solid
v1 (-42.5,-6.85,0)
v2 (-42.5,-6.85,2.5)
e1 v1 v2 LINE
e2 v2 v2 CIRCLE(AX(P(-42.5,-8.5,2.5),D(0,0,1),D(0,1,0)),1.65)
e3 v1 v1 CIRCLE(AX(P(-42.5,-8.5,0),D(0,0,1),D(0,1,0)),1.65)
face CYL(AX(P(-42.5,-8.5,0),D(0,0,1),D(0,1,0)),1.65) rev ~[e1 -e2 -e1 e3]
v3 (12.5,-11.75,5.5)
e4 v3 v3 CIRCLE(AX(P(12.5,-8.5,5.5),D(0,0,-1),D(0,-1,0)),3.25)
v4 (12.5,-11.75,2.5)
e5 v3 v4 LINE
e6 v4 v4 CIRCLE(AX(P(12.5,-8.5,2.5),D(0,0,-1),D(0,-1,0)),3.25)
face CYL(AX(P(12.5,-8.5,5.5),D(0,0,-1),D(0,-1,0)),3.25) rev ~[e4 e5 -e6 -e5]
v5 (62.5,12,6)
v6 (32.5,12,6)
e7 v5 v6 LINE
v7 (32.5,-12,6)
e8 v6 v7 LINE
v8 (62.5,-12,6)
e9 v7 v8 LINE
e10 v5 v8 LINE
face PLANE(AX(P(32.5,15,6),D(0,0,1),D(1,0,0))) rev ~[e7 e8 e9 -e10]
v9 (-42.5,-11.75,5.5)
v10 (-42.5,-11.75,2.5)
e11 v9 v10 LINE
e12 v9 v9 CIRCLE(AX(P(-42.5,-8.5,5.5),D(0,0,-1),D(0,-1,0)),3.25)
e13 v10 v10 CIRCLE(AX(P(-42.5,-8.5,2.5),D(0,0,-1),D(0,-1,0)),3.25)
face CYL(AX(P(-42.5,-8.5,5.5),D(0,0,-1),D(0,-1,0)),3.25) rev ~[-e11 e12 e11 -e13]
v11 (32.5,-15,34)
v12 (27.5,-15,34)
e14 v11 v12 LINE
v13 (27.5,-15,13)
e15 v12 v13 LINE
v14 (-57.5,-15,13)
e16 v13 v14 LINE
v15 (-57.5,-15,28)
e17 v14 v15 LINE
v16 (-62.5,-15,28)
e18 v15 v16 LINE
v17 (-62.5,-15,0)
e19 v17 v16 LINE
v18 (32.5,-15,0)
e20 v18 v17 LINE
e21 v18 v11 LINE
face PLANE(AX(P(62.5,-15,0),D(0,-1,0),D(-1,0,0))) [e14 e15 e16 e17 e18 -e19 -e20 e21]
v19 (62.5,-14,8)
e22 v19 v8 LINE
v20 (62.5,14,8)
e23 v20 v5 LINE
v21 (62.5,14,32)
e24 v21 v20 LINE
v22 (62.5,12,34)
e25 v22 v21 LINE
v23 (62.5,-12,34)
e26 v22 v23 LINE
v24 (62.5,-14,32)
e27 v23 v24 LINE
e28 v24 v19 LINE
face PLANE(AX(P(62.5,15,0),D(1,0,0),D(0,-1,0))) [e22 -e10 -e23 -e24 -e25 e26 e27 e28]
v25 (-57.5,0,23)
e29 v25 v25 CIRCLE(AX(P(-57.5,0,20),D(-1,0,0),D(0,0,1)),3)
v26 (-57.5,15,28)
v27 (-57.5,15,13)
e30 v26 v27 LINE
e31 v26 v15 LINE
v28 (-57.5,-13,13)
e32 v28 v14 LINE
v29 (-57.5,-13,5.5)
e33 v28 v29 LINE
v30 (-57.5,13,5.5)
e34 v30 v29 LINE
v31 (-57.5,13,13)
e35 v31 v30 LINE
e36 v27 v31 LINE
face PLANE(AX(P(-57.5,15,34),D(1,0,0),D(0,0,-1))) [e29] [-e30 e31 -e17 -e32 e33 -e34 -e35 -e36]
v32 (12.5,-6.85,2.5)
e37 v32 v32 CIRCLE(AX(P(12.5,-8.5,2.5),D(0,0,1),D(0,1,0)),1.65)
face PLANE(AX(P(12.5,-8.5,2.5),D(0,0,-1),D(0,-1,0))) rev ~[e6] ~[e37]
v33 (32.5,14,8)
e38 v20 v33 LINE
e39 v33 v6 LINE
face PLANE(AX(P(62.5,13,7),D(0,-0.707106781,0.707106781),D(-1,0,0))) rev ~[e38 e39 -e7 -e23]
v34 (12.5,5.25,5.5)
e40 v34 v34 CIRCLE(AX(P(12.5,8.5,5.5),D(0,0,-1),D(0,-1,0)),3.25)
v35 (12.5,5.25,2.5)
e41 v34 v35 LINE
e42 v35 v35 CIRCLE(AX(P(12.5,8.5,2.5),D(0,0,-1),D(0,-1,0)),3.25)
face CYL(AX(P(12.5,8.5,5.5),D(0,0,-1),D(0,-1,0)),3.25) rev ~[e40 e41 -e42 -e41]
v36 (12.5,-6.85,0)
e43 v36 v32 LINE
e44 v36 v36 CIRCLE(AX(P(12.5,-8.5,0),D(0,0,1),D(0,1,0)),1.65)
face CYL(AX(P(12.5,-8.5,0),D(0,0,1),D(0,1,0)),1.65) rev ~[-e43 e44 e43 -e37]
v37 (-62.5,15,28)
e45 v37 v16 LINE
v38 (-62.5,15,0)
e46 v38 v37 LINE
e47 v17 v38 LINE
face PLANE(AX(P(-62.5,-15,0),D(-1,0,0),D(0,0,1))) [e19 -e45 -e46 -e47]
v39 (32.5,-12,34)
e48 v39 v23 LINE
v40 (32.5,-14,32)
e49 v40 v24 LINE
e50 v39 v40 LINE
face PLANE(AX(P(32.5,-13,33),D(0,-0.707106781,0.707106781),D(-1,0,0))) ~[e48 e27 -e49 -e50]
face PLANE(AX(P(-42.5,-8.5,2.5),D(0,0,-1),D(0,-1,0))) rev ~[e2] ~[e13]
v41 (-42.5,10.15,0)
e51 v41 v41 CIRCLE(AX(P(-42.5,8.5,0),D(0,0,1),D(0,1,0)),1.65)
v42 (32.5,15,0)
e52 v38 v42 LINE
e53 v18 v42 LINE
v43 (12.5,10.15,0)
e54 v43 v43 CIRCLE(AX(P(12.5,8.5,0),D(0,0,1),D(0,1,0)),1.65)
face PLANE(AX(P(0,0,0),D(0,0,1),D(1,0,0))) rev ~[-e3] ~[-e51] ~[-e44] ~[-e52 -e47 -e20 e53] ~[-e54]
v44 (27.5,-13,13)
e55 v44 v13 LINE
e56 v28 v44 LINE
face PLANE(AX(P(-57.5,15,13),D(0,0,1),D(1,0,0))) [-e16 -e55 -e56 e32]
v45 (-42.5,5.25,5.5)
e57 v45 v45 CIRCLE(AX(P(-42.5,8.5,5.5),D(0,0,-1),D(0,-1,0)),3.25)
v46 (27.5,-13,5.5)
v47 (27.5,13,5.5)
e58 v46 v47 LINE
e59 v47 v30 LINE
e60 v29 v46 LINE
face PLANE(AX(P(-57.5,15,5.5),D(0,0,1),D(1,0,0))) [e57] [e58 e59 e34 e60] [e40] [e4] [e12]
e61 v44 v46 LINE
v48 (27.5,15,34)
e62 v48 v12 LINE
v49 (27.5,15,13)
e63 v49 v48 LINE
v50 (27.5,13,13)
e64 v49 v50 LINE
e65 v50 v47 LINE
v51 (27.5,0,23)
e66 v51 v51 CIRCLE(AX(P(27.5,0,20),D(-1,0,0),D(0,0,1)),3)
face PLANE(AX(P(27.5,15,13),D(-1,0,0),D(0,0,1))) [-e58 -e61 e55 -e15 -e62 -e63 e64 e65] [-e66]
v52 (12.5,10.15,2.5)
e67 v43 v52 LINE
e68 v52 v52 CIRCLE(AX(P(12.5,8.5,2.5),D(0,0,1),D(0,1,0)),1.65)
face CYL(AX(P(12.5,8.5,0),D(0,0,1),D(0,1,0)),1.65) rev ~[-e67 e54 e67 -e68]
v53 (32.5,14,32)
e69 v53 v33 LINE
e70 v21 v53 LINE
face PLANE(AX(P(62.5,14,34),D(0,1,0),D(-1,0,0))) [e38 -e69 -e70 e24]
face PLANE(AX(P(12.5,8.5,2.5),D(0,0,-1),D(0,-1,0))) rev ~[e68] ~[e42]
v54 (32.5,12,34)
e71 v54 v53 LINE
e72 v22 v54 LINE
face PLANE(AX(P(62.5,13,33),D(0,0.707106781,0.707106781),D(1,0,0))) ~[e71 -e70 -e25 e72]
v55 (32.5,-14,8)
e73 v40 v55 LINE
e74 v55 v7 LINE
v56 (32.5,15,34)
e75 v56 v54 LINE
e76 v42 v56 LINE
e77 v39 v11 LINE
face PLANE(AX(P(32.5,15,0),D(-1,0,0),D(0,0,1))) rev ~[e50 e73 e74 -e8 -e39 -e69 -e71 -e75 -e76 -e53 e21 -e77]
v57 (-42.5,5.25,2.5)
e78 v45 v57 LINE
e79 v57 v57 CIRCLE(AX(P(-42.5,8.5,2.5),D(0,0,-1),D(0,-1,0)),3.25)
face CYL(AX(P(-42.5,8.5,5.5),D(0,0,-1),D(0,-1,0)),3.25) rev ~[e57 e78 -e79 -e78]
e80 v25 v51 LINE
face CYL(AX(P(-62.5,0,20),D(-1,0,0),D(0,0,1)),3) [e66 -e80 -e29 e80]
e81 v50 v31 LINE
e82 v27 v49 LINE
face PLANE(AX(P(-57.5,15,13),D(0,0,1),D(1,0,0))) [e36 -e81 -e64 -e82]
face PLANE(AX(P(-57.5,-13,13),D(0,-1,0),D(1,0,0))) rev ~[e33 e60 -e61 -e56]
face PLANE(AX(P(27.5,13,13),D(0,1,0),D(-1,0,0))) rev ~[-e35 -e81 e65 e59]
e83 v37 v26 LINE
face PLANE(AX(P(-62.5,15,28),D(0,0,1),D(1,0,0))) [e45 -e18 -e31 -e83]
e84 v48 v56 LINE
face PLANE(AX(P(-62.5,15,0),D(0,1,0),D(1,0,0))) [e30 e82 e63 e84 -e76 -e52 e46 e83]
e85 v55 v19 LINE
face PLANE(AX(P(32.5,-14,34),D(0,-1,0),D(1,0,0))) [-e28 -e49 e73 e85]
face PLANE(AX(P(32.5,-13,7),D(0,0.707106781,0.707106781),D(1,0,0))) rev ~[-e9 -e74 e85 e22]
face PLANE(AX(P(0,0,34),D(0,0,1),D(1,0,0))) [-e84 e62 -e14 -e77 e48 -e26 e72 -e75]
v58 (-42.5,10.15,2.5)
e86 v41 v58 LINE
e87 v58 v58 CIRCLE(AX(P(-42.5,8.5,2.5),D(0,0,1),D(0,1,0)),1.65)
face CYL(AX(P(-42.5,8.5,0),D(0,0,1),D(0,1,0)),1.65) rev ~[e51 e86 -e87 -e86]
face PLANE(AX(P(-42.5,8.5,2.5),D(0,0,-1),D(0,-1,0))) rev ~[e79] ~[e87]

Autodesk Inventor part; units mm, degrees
ref_plane "YZ Plane" through (0, 0, 0) normal (1, 0, 0) x (0, 1, 0)
ref_plane "XZ Plane" through (0, 0, 0) normal (0, 1, 0) x (-1, 0, 0)
ref_plane "XY Plane" through (0, 0, 0) normal (0, 0, 1) x (1, 0, 0)
sketch "スケッチ1" plane through (0, 0, 0) normal (0, 0, 1) x (1, 0, 0)
  line L0 (62.5, -15) -> (-62.5, -15)
  line L1 (-62.5, -15) -> (-62.5, 15)
  line L2 (-62.5, 15) -> (62.5, 15)
  line L3 (62.5, 15) -> (62.5, -15)
  line L4 (62.5, -15) -> (-62.5, 15) construction
  line L5 (-62.5, -15) -> (62.5, 15) construction
  point P0 (0, 0)
  dimension "d0" = 30
  dimension "d1" = 125
extrude "押し出し1" add sketch "スケッチ1" along normal blind 34
sketch "スケッチ2" plane through (-62.5, 15, 0) normal (0, 1, 0) x (1, 0, 0)
  line L0 (125, 0) -> (95, 0)
  line L1 (95, 0) -> (95, -6)
  line L2 (95, -6) -> (125, -6)
  line L3 (125, -6) -> (125, 0)
  point P0 (62.5, 0)
  dimension "d4" = 30
  dimension "d5" = 6
extrude "押し出し2" cut sketch "スケッチ2" against normal blind 34
sketch "スケッチ3" plane through (-62.5, 15, 34) normal (0, 1, 0) x (1, 0, 0)
  line L0 (0, 0) -> (125, 0) projected
  line L1 (90, 0) -> (5, 0)
  line L2 (5, 0) -> (5, 21)
  line L3 (5, 21) -> (90, 21)
  line L4 (90, 21) -> (90, 0)
  line L5 (0, 34) -> (0, 0) projected
  line L6 (95, 28) -> (95, 34) projected
  line L7 (95, 34) -> (0, 34) projected
  point P0 (62.5, 34)
  point P1 (5, 0)
  dimension "d8" = 5
  dimension "d9" = 5
  dimension "d10" = 13
extrude "押し出し3" cut sketch "スケッチ3" against normal blind 34
sketch "スケッチ4" plane through (-62.5, 15, 34) normal (0, 1, 0) x (1, 0, 0)
  line L0 (90, 21) -> (90, 0) projected
  line L1 (125, 0) -> (90, 0) projected
  line L2 (125, 28) -> (125, 0) projected
  line L3 (125, 28) -> (95, 28) projected
  line L4 (95, 28) -> (95, 34) projected
  line L5 (95, 34) -> (0, 34) projected
  line L6 (0, 34) -> (0, 0) projected
  line L7 (5, 0) -> (0, 0) projected
  line L8 (5, 0) -> (5, 21) projected
  line L9 (5, 21) -> (90, 21) projected
  line L10 (5, 0) -> (5, 21) projected
  line L11 (5, 0) -> (0, 0)
  line L12 (0, 0) -> (0, 6)
  line L13 (0, 6) -> (5, 6)
  line L14 (5, 6) -> (5, 0)
  point P0 (62.5, 34)
  point P1 (5, 6)
  dimension "d13" = 28
extrude "押し出し4" cut sketch "スケッチ4" against normal blind 34 contours L8 L7 L6 L13
sketch "スケッチ5" plane through (0, 0, 0) normal (0, 0, -1) x (-1, 0, 0)
  line L0 (-12.5, 8.5) -> (42.5, 8.5)
  line L1 (42.5, 8.5) -> (42.5, -8.5)
  line L2 (42.5, -8.5) -> (-12.5, -8.5)
  line L3 (-12.5, -8.5) -> (-12.5, 8.5)
  line L4 (-32.5, 15) -> (-32.5, -15) projected
  line L5 (62.5, 15) -> (62.5, -15) projected
  point P0 (0, 0)
  dimension "d17" = 20
  dimension "d18" = 55
  dimension "d26" = 17
  dimension "d27" = 8.5
hole "穴1" at (12.5, 8.5, 0) at (12.5, -8.5, 0) at (-42.5, -8.5, 0) at (-42.5, 8.5, 0) direction (0, 0, 1) diameter 3.3 depth 23
sketch "スケッチ6" plane through (-57.5, 15, 13) normal (0, 0, 1) x (1, 0, 0)
  line L0 (85, -2) -> (0, -2)
  line L1 (0, -2) -> (0, -28)
  line L2 (0, -28) -> (85, -28)
  line L3 (85, -28) -> (85, -2)
  line L4 (0, 0) -> (85, 0) projected
  line L5 (85, -30) -> (0, -30) projected
  point P0 (57.5, -15)
  dimension "d28" = 2
  dimension "d29" = 2
extrude "押し出し5" cut sketch "スケッチ6" against normal blind 7.5
sketch "スケッチ7" plane through (-57.5, 15, 5.5) normal (0, 0, 1) x (1, 0, 0)
  circle A0 centre (15, -23.5) radius 1.65 projected
  circle A1 centre (70, -6.5) radius 1.65 projected
  circle A2 centre (70, -23.5) radius 1.65 projected
  circle A3 centre (15, -6.5) radius 1.65 projected
  line L0 (85, -2) -> (85, -28) projected
  line L1 (0, -2) -> (85, -2) projected
  line L2 (0, -28) -> (0, -2) projected
  line L3 (85, -28) -> (0, -28) projected
  point P0 (57.5, -15)
hole "穴2" at (12.5, 8.5, 5.5) at (-42.5, 8.5, 5.5) at (-42.5, -8.5, 5.5) at (12.5, -8.5, 5.5) direction (0, 0, -1) diameter 3.3 depth 23 counterbore diameter 6.5 counterbore depth 3
sketch "スケッチ8" plane through (0, 0, 34) normal (0, 0, 1) x (1, 0, 0)
  line L0 (62.5, 15) -> (32.5, 15) projected
  line L1 (62.5, -15) -> (62.5, 15) projected
  line L2 (32.5, 15) -> (62.5, 15)
  line L3 (62.5, 15) -> (62.5, 14)
  line L4 (62.5, 14) -> (32.5, 14)
  line L5 (32.5, 14) -> (32.5, 15)
  line L6 (62.5, -15) -> (32.5, -15)
  line L7 (32.5, -15) -> (32.5, -14)
  line L8 (32.5, -14) -> (62.5, -14)
  line L9 (62.5, -14) -> (62.5, -15)
  point P0 (0, 0)
  dimension "d39" = 28
  dimension "d40" = 14
extrude "押し出し6" cut sketch "スケッチ8" against normal through all
chamfer "面取り1" distance 2 angle 45 4 edges at (47.5, 14, 34) (47.5, -14, 34) (47.5, 14, 6) (47.5, -14, 6)
sketch "スケッチ9" plane through (-62.5, -15, 0) normal (-1, 0, 0) x (0, 0, 1)
  line L0 (28, 0) -> (28, 30) projected
  line L1 (0, 30) -> (28, 30) projected
  line L2 (0, 30) -> (0, 0) projected
  line L3 (0, 0) -> (28, 0) projected
  circle A0 centre (20, 15) radius 3
  point P0 (0, 15)
  dimension "d46" = 20
  dimension "d47" = 6
extrude "押し出し7" add sketch "スケッチ9" against normal up to surface (90 mm away) contours A0
properties part number "Linear_Unit_A"
